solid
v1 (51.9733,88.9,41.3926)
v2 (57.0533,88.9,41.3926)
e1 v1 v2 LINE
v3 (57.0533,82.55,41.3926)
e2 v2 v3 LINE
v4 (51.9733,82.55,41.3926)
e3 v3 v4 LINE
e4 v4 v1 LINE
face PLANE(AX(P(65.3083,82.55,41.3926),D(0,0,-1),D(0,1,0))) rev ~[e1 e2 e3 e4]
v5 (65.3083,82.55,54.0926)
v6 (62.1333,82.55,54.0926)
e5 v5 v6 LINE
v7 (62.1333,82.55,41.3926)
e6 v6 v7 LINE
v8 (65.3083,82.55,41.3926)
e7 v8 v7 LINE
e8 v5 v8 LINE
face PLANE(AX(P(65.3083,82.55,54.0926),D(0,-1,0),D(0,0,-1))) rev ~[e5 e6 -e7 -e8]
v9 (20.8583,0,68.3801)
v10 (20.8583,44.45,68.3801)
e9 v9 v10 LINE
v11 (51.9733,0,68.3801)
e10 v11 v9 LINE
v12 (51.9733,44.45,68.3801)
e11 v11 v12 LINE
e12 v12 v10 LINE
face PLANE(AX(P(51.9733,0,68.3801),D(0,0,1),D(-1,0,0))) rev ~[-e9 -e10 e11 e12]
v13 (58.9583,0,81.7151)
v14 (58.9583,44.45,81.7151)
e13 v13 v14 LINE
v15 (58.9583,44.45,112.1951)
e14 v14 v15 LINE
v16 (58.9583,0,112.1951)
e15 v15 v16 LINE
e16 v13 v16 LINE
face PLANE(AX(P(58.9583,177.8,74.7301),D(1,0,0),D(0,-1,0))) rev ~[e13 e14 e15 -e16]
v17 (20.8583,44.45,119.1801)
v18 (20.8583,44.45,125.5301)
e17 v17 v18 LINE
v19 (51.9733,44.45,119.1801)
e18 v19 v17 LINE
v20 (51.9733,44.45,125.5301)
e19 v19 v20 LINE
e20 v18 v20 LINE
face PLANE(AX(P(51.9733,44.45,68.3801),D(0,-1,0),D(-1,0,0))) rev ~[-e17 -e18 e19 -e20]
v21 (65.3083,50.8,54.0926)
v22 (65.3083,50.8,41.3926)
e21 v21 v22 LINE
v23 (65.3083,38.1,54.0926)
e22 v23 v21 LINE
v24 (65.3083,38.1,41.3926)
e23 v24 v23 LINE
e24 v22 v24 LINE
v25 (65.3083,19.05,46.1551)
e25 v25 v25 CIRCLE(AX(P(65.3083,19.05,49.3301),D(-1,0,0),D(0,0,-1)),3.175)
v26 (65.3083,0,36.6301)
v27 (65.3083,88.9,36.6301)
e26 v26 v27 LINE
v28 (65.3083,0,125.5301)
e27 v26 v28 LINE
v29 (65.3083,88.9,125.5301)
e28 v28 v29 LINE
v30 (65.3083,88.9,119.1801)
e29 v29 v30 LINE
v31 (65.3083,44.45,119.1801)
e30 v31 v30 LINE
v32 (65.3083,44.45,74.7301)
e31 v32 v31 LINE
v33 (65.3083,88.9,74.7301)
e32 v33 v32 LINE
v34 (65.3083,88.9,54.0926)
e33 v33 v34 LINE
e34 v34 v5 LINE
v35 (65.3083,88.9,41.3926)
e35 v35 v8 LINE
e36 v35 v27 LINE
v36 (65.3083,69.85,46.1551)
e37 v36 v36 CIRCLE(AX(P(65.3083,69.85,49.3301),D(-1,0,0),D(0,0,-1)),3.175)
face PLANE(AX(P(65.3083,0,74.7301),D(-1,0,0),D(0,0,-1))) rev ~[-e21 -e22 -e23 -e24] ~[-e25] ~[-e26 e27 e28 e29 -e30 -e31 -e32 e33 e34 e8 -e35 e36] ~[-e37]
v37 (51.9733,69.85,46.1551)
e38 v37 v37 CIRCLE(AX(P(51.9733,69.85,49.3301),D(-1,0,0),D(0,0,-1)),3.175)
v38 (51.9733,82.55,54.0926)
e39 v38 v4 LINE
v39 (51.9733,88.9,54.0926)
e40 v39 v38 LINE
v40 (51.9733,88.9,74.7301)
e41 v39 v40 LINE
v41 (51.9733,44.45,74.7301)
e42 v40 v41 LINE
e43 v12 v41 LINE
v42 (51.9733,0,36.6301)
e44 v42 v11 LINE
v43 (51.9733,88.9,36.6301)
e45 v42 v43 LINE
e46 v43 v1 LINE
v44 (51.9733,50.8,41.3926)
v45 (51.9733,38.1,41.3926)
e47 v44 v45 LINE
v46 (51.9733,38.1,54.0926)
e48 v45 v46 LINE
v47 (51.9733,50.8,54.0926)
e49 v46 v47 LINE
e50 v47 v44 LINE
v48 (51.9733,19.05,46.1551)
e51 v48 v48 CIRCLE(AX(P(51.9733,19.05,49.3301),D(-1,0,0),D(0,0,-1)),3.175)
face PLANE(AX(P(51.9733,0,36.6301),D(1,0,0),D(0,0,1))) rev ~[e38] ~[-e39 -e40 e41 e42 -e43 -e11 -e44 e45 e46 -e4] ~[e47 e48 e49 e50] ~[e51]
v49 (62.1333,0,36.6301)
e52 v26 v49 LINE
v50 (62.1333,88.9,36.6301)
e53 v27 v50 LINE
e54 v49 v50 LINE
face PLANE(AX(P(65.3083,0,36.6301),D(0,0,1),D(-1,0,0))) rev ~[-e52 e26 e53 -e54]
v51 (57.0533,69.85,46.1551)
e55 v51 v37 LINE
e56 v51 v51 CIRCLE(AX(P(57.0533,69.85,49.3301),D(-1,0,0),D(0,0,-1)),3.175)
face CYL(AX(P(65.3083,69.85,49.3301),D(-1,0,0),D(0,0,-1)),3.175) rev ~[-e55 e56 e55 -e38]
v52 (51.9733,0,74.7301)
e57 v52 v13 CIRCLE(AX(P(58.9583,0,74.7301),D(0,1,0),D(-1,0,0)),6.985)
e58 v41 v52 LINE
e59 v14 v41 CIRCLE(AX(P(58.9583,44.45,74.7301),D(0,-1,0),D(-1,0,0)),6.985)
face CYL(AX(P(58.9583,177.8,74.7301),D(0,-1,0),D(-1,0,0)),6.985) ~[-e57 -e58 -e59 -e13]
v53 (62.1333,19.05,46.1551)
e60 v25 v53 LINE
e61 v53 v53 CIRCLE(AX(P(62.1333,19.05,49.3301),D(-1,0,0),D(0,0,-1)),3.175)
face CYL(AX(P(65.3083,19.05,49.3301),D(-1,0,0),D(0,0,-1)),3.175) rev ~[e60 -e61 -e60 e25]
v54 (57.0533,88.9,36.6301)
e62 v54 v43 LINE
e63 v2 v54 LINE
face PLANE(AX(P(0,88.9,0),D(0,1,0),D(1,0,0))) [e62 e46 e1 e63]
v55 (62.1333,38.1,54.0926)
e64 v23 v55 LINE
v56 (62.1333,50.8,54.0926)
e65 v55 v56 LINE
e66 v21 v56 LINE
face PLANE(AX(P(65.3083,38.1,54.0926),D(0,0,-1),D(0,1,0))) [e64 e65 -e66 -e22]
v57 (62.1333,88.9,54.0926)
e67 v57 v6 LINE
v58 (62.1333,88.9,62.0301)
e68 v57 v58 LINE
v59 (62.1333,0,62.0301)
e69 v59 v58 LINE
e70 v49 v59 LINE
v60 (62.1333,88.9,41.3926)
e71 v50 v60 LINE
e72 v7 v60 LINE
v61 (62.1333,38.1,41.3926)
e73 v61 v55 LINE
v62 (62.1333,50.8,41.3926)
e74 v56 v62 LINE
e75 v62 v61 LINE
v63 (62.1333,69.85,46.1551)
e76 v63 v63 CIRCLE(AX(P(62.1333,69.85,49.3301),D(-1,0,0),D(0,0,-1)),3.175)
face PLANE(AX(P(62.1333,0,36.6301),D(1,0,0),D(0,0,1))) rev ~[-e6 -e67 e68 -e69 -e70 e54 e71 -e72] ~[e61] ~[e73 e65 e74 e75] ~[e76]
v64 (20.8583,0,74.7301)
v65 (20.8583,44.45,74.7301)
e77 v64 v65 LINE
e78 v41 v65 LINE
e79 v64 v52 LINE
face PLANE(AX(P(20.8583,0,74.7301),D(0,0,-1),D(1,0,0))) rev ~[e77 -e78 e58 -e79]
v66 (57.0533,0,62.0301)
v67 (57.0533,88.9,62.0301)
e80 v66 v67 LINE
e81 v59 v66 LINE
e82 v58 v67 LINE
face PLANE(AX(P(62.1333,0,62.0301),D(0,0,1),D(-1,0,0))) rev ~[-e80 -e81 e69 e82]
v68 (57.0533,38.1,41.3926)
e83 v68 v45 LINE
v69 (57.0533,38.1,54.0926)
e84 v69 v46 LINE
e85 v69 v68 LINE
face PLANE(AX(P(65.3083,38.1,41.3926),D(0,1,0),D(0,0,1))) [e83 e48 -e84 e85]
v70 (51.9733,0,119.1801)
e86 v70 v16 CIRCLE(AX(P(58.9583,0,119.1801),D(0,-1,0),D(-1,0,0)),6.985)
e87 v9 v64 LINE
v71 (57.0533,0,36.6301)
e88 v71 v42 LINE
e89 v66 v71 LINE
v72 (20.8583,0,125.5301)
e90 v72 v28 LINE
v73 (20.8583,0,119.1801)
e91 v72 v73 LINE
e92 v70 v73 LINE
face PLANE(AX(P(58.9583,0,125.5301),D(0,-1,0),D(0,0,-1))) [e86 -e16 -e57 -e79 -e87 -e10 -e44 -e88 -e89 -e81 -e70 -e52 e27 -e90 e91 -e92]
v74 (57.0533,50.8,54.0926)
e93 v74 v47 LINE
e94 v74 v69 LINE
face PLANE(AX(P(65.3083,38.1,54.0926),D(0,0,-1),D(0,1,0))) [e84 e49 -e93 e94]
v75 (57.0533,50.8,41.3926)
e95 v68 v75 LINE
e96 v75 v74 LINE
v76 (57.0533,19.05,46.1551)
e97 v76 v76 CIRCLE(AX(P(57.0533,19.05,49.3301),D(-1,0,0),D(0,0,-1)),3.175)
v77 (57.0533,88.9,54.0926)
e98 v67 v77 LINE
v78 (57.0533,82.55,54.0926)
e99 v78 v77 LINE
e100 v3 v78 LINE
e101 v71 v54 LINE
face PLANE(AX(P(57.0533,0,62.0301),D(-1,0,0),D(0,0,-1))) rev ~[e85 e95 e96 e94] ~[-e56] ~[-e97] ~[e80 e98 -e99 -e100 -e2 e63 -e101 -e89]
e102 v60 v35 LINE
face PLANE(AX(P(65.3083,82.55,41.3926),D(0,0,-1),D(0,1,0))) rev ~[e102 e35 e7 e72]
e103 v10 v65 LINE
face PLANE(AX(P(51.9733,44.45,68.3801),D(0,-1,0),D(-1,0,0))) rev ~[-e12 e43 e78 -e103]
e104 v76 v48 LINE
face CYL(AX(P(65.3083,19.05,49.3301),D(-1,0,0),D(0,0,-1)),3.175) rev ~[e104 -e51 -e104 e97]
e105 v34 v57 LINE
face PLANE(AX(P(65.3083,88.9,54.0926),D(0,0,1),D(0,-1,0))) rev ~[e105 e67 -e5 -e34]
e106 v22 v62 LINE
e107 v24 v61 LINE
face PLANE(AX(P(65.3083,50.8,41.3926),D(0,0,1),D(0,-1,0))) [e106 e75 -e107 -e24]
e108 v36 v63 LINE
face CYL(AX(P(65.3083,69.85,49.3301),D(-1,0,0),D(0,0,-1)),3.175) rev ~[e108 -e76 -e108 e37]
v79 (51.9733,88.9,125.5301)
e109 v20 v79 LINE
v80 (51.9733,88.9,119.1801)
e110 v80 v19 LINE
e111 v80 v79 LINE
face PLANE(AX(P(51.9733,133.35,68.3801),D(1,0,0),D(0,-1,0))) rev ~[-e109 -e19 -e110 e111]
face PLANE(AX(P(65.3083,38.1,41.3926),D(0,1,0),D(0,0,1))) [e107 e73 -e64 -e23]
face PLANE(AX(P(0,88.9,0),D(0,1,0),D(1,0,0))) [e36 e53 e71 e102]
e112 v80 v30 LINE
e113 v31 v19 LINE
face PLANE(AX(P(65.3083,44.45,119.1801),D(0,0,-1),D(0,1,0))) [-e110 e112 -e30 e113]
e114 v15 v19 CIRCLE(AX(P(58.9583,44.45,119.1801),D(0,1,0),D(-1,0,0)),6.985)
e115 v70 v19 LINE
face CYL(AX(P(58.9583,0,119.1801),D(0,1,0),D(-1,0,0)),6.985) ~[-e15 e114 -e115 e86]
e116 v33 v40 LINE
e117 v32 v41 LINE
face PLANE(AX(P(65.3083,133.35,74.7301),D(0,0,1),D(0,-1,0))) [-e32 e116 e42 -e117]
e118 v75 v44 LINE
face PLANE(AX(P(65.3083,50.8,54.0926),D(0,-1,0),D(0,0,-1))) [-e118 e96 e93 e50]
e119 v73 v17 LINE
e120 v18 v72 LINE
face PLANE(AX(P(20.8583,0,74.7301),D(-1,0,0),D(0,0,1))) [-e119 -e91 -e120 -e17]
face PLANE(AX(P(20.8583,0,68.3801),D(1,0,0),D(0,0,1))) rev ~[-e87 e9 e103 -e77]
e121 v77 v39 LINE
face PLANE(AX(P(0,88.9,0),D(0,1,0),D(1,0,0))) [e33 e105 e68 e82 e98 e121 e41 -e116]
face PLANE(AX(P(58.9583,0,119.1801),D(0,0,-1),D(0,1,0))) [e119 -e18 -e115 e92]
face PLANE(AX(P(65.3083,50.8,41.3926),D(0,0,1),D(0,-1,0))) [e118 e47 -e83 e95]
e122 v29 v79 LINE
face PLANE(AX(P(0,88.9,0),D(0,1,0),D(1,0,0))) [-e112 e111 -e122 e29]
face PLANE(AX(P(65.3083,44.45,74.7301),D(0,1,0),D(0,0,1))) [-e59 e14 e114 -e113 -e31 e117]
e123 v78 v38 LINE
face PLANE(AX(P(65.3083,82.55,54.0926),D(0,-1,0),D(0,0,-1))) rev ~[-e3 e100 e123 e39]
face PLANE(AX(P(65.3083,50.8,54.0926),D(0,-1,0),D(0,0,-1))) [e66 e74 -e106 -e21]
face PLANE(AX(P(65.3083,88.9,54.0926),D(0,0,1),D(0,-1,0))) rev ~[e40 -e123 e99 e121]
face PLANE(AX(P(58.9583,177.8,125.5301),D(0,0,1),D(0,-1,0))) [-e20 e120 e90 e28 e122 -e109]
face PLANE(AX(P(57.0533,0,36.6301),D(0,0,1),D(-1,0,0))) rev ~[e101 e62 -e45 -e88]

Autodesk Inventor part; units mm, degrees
ref_plane "YZ Plane" through (0, 0, 0) normal (1, 0, 0) x (0, 1, 0)
ref_plane "XZ Plane" through (0, 0, 0) normal (0, 1, 0) x (-1, 0, 0)
ref_plane "XY Plane" through (0, 0, 0) normal (0, 0, 1) x (1, 0, 0)
sketch "Sketch1" plane through (0, 0, 0) normal (0, 1, 0) x (-1, 0, 0)
  line L0 (-51.9733, 36.6301) -> (-51.9733, 68.3801)
  line L1 (-65.3083, 74.7301) -> (-65.3083, 36.6301)
  line L2 (-65.3083, 36.6301) -> (-62.1333, 36.6301)
  line L3 (-62.1333, 36.6301) -> (-62.1333, 62.0301)
  line L4 (-62.1333, 62.0301) -> (-57.0533, 62.0301)
  line L5 (-57.0533, 62.0301) -> (-57.0533, 36.6301)
  line L6 (-57.0533, 36.6301) -> (-51.9733, 36.6301)
  line L7 (-51.9733, 68.3801) -> (-20.8583, 68.3801)
  line L8 (-20.8583, 68.3801) -> (-20.8583, 74.7301)
  line L9 (-20.8583, 74.7301) -> (-65.3083, 74.7301)
  dimension "d2" = 5.08
  dimension "d4" = 25.4
  dimension "d18" = 6.35
  dimension "d19" = 38.1
  dimension "d20" = 3.175
  dimension "d79" = 5.08
  dimension "d80" = 44.45
extrude "Extrusion1" add sketch "Sketch1" along normal blind 177.8
ref_plane "Work Plane2" through (65.3083, -38.1, 36.6301) normal (1, 0, 0) x (0, 0, -1)
sketch "Sketch13" plane through (20.8583, 0, 74.7301) normal (0, 0, 1) x (1, 0, 0)
  line L0 (38.1, 0) -> (44.45, 0)
  line L1 (44.45, 0) -> (44.45, 177.8)
  line L2 (44.45, 177.8) -> (38.1, 177.8)
  line L3 (38.1, 177.8) -> (38.1, 0)
  line L4 (44.45, 0) -> (44.45, 177.8) projected
  line L5 (0, 177.8) -> (44.45, 177.8) projected
  line L6 (0, 0) -> (44.45, 0) projected
  point P0 (-20.8583, 0)
  point P1 (36.195, 177.8)
  point P2 (41.275, 177.8)
  point P3 (36.195, 0)
  point P4 (41.275, 0)
  point P5 (31.115, 0)
  dimension "d81" = 6.35
extrude "Extrusion2" add sketch "Sketch13" along normal blind 50.8
sketch "Sketch21" plane through (58.9583, 0, 74.7301) normal (-1, 0, 0) x (0, 0, 1)
  line L0 (50.8, 177.8) -> (50.8, 0) projected
  line L1 (50.8, 0) -> (44.45, 0)
  line L2 (44.45, 0) -> (44.45, 177.8)
  line L3 (44.45, 177.8) -> (50.8, 177.8)
  line L4 (50.8, 177.8) -> (50.8, 0)
  line L5 (0, 177.8) -> (50.8, 177.8) projected
  point P0 (-74.7301, 0)
  dimension "d91" = 6.35
extrude "Extrusion10" add sketch "Sketch21" along normal blind 38.1
sketch "Sketch22" plane through (51.9733, 0, 68.3801) normal (0, 0, -1) x (-1, 0, 0)
  line L0 (31.115, 0) -> (31.115, 177.8) projected
  line L1 (0, 44.45) -> (31.115, 44.45)
  line L2 (31.115, 44.45) -> (31.115, 133.35)
  line L3 (31.115, 133.35) -> (0, 133.35)
  line L4 (0, 133.35) -> (0, 44.45)
  line L5 (0, 0) -> (31.115, 0) projected
  line L6 (0, 177.8) -> (31.115, 177.8) projected
  line L7 (0, 0) -> (0, 177.8) projected
  point P0 (51.9733, 0)
  dimension "d94" = 44.45
  dimension "d95" = 44.45
extrude "Extrusion11" cut sketch "Sketch22" against normal blind 76.2 contours L1 L4 L3 L0
sketch "Sketch23" plane through (20.8583, 0, 74.7301) normal (0, 0, 1) x (1, 0, 0)
  line L0 (0, 177.8) -> (38.1, 177.8) projected
  line L1 (38.1, 177.8) -> (31.115, 177.8)
  line L2 (31.115, 177.8) -> (31.115, 0)
  line L3 (31.115, 0) -> (38.1, 0)
  line L4 (38.1, 0) -> (38.1, 177.8)
  line L5 (31.115, 133.35) -> (31.115, 44.45) projected
  line L6 (38.1, 0) -> (38.1, 177.8) projected
  line L7 (0, 0) -> (38.1, 0) projected
  point P0 (-20.8583, 0)
revolve "Revolution8" add sketch "Sketch23" angle 90 about axis through (58.9583, 0, 74.7301) along (0, 1, 0)
sketch "Sketch24" plane through (58.9583, 0, 119.1801) normal (0, 0, -1) x (-1, 0, 0)
  line L0 (0, 0) -> (0, 177.8) projected
  line L1 (0, 177.8) -> (38.1, 177.8) projected
  line L2 (0, 0) -> (6.985, 0)
  line L3 (6.985, 0) -> (6.985, 177.8)
  line L4 (6.985, 177.8) -> (0, 177.8)
  line L5 (0, 177.8) -> (0, 0)
  line L6 (6.985, 44.45) -> (6.985, 133.35) projected
  point P0 (58.9583, 0)
revolve "Revolution9" add sketch "Sketch24" angle 90 about axis through (58.9583, 177.8, 119.1801) along (0, -1, 0)
sketch "Sketch25" plane through (65.3083, 0, 36.6301) normal (1, 0, 0) x (0, 0, -1)
  line L0 (-38.1, 44.45) -> (-82.55, 44.45)
  line L1 (-82.55, 44.45) -> (-82.55, 133.35)
  line L2 (-82.55, 133.35) -> (-38.1, 133.35)
  line L3 (-38.1, 133.35) -> (-38.1, 44.45)
  line L4 (-88.9, 0) -> (-88.9, 177.8) projected
  line L5 (-38.1, 133.35) -> (-38.1, 44.45) projected
  line L6 (0, 0) -> (-88.9, 0) projected
  line L7 (0, 177.8) -> (-88.9, 177.8) projected
  line L8 (-82.55, 44.45) -> (-82.55, 0) projected
  point P0 (36.6301, 0)
  dimension "d100" = 44.45
  dimension "d101" = 44.45
extrude "Extrusion12" cut sketch "Sketch25" against normal blind 76.2
sketch "Sketch26" plane through (65.3083, 0, 36.6301) normal (1, 0, 0) x (0, 0, -1)
  line L0 (0, 177.8) -> (0, 0)
  line L1 (0, 88.9) -> (-55.1771, 88.9)
  line L2 (0, 0) -> (0, 177.8) projected
  line L3 (0, 177.8) -> (-88.9, 177.8) projected
  line L4 (0, 0) -> (-88.9, 0) projected
  line L5 (-25.4, 0) -> (-25.4, 177.8) projected
  point P0 (36.6301, 0)
  point P1 (-12.7, 158.75)
  point P2 (-12.7, 107.95)
  point P3 (-12.7, 69.85)
  point P4 (-12.7, 19.05)
  dimension "d104" = 19.05
  dimension "d105" = 19.05
  dimension "d106" = 69.85
  dimension "d107" = 69.85
  dimension "d108" = 12.7
  dimension "d109" = 12.7
  dimension "d110" = 12.7
  dimension "d111" = 12.7
  dimension "d128" = 19.05
  dimension "d129" = 12.7
hole "Hole4" at (65.3083, 19.05, 49.3301) at (65.3083, 69.85, 49.3301) at (65.3083, 107.95, 49.3301) at (65.3083, 158.75, 49.3301) direction (-1, 0, 0) diameter 6.35 end through all
sketch "Sketch27" plane through (65.3083, 0, 36.6301) normal (1, 0, 0) x (0, 0, -1)
  line L0 (0, 0) -> (0, 177.8) projected
  line L1 (0, 88.9) -> (-38.1, 88.9)
  line L2 (-38.1, 133.35) -> (-38.1, 44.45) projected
  line L3 (-17.4625, 88.9) -> (-17.4625, 82.55)
  line L4 (-17.4625, 82.55) -> (-4.7625, 82.55)
  line L5 (-4.7625, 82.55) -> (-4.7625, 88.9)
  line L6 (-17.4625, 50.8) -> (-4.7625, 50.8)
  line L7 (-4.7625, 50.8) -> (-4.7625, 38.1)
  line L8 (-4.7625, 38.1) -> (-17.4625, 38.1)
  line L9 (-17.4625, 38.1) -> (-17.4625, 50.8)
  line L10 (-17.4625, 88.9) -> (-17.4625, 95.25)
  line L11 (-17.4625, 95.25) -> (-4.7625, 95.25)
  line L12 (-4.7625, 95.25) -> (-4.7625, 88.9)
  line L13 (-17.4625, 127) -> (-4.7625, 127)
  line L14 (-4.7625, 127) -> (-4.7625, 139.7)
  line L15 (-4.7625, 139.7) -> (-17.4625, 139.7)
  line L16 (-17.4625, 139.7) -> (-17.4625, 127)
  point P0 (36.6301, 0)
  dimension "d119" = 12.7
  dimension "d120" = 6.35
  dimension "d121" = 31.75
  dimension "d122" = 12.7
  dimension "d123" = 12.7
extrude "Extrusion13" cut sketch "Sketch27" against normal blind 25.4
sketch "Sketch28" plane through (65.3083, 0, 36.6301) normal (1, 0, 0) x (0, 0, -1)
  line L0 (0, 0) -> (0, 177.8) projected
  line L1 (0, 88.9) -> (-88.9, 88.9)
  line L2 (-88.9, 0) -> (-88.9, 177.8) projected
  line L3 (0, 88.9) -> (-88.9, 88.9)
  point P0 (36.6301, 0)
sketch "Sketch29" plane through (0, 177.8, 0) normal (0, 1, 0) x (1, 0, 0)
  line L0 (103.1875, -144.4625) -> (6.35, -144.4625)
  line L1 (6.35, -144.4625) -> (6.35, -22.225)
  line L2 (6.35, -22.225) -> (103.1875, -22.225)
  line L3 (103.1875, -22.225) -> (103.1875, -144.4625)
  point P0 (0, 0)
extrude "Extrusion14" cut sketch "Sketch29" against normal blind 88.9
properties part number "Suspension mount 2.0 split" material "Acetal Resin, Black"
